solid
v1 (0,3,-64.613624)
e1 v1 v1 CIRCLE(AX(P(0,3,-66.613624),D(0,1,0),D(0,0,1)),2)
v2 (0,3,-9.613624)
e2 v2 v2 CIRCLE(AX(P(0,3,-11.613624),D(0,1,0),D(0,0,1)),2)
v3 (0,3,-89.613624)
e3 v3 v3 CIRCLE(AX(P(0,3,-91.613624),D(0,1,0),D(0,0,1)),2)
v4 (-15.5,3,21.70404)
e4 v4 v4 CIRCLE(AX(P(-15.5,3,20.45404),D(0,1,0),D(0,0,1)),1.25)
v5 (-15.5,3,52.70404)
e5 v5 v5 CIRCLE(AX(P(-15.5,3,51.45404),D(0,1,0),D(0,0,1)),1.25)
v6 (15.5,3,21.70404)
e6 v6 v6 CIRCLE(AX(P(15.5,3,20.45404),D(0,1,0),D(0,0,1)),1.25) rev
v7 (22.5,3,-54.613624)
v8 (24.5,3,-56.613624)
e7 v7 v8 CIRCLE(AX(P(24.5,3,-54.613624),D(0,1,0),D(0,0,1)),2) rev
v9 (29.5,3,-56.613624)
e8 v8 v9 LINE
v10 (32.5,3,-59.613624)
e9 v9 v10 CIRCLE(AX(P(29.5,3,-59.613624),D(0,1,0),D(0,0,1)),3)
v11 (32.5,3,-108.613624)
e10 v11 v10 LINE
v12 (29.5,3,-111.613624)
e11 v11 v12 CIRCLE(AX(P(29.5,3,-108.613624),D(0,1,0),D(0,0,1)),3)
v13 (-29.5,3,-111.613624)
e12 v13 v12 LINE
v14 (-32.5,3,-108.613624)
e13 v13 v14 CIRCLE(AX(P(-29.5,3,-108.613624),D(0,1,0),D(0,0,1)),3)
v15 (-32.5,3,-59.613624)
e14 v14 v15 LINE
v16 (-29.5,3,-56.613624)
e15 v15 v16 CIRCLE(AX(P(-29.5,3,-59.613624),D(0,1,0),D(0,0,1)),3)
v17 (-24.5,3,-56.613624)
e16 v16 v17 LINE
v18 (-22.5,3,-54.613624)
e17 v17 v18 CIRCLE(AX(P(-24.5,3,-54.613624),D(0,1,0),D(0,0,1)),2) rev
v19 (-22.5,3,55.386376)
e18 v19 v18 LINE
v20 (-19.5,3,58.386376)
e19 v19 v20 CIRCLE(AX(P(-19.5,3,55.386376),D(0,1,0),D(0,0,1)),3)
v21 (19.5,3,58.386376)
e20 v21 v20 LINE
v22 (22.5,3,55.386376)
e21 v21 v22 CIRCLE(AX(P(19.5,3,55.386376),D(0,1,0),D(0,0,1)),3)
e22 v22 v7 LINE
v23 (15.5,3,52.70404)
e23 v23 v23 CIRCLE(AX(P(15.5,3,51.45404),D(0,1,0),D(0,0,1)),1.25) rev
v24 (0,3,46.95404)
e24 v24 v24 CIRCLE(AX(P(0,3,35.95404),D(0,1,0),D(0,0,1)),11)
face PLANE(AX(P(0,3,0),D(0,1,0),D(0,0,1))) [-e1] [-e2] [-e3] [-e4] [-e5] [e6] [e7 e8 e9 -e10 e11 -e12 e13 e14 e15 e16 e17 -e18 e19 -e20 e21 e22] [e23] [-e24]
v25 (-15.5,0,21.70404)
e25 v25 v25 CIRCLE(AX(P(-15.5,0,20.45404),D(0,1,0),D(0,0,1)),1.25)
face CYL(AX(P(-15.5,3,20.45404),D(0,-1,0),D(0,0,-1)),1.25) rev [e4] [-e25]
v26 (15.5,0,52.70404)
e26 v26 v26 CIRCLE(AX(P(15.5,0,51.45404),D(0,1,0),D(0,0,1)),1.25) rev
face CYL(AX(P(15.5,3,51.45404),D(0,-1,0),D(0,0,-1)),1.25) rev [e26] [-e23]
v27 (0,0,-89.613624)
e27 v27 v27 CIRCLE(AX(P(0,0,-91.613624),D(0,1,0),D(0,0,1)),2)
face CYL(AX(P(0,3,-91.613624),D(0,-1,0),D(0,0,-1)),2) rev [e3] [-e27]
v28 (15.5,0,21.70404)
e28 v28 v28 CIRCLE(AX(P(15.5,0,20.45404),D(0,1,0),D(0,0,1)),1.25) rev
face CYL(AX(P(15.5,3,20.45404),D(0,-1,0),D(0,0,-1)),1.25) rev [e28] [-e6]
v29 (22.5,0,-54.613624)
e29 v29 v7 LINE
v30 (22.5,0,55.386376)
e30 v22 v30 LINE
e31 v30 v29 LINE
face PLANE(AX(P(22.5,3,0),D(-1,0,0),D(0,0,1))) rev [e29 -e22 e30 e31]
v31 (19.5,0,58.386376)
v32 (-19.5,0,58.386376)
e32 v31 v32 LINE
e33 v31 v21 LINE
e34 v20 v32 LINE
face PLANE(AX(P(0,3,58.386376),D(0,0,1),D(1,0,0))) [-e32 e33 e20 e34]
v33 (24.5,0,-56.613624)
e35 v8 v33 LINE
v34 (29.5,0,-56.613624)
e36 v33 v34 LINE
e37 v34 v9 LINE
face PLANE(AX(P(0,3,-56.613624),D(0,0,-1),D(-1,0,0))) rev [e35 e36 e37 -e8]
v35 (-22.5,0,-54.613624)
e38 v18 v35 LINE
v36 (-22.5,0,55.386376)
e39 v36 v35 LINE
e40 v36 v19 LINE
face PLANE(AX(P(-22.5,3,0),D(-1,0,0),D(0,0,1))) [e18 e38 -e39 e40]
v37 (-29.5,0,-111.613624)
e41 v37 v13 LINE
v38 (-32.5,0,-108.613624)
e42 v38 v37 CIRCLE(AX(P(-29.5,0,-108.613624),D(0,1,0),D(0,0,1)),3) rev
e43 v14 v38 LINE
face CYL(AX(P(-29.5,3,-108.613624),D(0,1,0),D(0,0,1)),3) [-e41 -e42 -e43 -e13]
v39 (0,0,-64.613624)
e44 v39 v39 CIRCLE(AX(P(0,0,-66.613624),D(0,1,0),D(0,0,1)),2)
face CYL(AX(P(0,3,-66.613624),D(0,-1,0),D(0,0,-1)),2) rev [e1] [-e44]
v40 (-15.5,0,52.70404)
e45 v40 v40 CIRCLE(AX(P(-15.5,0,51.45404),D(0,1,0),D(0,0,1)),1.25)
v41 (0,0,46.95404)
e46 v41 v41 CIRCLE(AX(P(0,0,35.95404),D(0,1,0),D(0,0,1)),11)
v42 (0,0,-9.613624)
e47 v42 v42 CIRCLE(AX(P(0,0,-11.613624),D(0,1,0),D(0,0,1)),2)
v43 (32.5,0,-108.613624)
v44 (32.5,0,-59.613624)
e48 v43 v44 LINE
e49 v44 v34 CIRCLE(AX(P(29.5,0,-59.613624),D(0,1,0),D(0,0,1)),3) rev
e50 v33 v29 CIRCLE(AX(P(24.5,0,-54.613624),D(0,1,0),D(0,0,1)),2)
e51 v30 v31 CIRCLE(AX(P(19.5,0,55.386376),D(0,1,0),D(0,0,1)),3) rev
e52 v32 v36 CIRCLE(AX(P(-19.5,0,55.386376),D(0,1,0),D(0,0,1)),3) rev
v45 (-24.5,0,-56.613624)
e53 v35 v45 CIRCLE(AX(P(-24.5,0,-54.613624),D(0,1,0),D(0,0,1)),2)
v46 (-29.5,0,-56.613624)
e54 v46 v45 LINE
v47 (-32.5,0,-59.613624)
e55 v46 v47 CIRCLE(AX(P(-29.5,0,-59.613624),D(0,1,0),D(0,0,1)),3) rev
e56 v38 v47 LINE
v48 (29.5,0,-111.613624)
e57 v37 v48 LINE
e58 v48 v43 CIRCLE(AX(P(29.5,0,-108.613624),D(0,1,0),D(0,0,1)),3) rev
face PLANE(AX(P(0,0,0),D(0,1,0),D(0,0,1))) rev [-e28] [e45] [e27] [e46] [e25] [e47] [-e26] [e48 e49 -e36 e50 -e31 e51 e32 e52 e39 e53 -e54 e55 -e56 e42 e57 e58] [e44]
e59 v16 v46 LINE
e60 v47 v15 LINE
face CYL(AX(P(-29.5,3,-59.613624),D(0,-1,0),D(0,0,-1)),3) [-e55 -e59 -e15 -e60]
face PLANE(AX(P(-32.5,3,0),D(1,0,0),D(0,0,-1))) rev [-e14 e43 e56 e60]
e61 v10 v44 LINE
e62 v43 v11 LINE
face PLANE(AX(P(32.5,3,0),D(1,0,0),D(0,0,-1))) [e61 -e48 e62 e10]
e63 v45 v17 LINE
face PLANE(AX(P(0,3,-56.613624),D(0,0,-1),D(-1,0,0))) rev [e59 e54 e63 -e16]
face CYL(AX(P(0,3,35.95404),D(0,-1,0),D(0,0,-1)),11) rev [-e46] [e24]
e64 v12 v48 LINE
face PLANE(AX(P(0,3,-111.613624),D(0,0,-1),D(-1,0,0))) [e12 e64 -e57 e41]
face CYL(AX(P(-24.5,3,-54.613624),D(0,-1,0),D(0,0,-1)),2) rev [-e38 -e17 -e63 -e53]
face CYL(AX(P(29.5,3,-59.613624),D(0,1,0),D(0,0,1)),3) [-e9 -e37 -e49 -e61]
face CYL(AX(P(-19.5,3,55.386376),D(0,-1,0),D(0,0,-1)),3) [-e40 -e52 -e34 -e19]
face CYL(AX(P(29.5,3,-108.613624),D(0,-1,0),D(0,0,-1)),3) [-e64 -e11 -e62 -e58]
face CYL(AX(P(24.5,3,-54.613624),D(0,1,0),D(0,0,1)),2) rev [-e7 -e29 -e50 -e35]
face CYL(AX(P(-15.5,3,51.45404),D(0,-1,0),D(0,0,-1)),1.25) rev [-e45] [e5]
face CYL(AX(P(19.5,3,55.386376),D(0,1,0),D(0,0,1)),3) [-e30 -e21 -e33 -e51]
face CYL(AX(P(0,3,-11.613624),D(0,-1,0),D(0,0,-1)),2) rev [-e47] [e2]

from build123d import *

# Parameters (mm, degrees)
SKETCH1_R           = 2
SKETCH1_R_2         = 1.25
SKETCH1_R_3         = 11
BOSS_EXTRUDE1_DEPTH = 3
FILLET1_R           = 3
FILLET2_R           = 3
FILLET3_R           = 3
FILLET4_R           = 3
FILLET5_R           = 3
FILLET7_R           = 3
FILLET8_R           = 2
FILLET9_R           = 2


with BuildPart() as part:
    # Sketch1 → Boss-Extrude1 (new body)
    with BuildSketch(Plane(origin=(0, 0, 0), x_dir=(1, 0, 0), z_dir=(0, 1, 0))):
        Polygon((0, 111.61362417), (-32.5, 111.61362417), (-32.5, 56.61362417), (-22.5, 56.61362417), (-22.5, -58.38637583), (0, -58.38637583), (22.5, -58.38637583), (22.5, 56.61362417), (32.5, 56.61362417), (32.5, 111.61362417), align=None)
        with Locations(Location((0, 91.61362417, 0), (0, 0, 270))):
            Circle(SKETCH1_R, mode=Mode.SUBTRACT)
        with Locations(Location((0, 66.61362417, 0), (0, 0, 270))):
            Circle(SKETCH1_R, mode=Mode.SUBTRACT)
        with Locations(Location((-15.5, -20.454039675, 0), (0, 0, 270))):
            Circle(SKETCH1_R_2, mode=Mode.SUBTRACT)
        with Locations(Location((-15.5, -51.454039675, 0), (0, 0, 270))):
            Circle(SKETCH1_R_2, mode=Mode.SUBTRACT)
        with Locations(Location((15.5, -51.454039675, 0), (0, 0, 270))):
            Circle(SKETCH1_R_2, mode=Mode.SUBTRACT)
        with Locations(Location((15.5, -20.454039675, 0), (0, 0, 270))):
            Circle(SKETCH1_R_2, mode=Mode.SUBTRACT)
        with Locations(Location((0, -35.954039675, 0), (0, 0, 270))):
            Circle(SKETCH1_R_3, mode=Mode.SUBTRACT)
        with Locations(Location((0, 11.61362417, 0), (0, 0, 270))):
            Circle(SKETCH1_R, mode=Mode.SUBTRACT)
    extrude(amount=BOSS_EXTRUDE1_DEPTH)

    # Fillet1
    fillet1_edges = [part.edges().sort_by_distance(p)[0] for p in [
        (32.5, 1.5, -111.61362417),
    ]]
    fillet(fillet1_edges, radius=FILLET1_R)

    # Fillet2
    fillet2_edges = [part.edges().sort_by_distance(p)[0] for p in [
        (-32.5, 1.5, -111.61362417),
    ]]
    fillet(fillet2_edges, radius=FILLET2_R)

    # Fillet3
    fillet3_edges = [part.edges().sort_by_distance(p)[0] for p in [
        (-32.5, 1.5, -56.61362417),
    ]]
    fillet(fillet3_edges, radius=FILLET3_R)

    # Fillet4
    fillet4_edges = [part.edges().sort_by_distance(p)[0] for p in [
        (32.5, 1.5, -56.61362417),
    ]]
    fillet(fillet4_edges, radius=FILLET4_R)

    # Fillet5
    fillet5_edges = [part.edges().sort_by_distance(p)[0] for p in [
        (22.5, 1.5, 58.38637583),
    ]]
    fillet(fillet5_edges, radius=FILLET5_R)

    # Fillet7
    fillet7_edges = [part.edges().sort_by_distance(p)[0] for p in [
        (-22.5, 1.5, 58.38637583),
    ]]
    fillet(fillet7_edges, radius=FILLET7_R)

    # Fillet8
    fillet8_edges = [part.edges().sort_by_distance(p)[0] for p in [
        (-22.5, 1.5, -56.61362417),
    ]]
    fillet(fillet8_edges, radius=FILLET8_R)

    # Fillet9
    fillet9_edges = [part.edges().sort_by_distance(p)[0] for p in [
        (22.5, 1.5, -56.61362417),
    ]]
    fillet(fillet9_edges, radius=FILLET9_R)


solid = part.part
